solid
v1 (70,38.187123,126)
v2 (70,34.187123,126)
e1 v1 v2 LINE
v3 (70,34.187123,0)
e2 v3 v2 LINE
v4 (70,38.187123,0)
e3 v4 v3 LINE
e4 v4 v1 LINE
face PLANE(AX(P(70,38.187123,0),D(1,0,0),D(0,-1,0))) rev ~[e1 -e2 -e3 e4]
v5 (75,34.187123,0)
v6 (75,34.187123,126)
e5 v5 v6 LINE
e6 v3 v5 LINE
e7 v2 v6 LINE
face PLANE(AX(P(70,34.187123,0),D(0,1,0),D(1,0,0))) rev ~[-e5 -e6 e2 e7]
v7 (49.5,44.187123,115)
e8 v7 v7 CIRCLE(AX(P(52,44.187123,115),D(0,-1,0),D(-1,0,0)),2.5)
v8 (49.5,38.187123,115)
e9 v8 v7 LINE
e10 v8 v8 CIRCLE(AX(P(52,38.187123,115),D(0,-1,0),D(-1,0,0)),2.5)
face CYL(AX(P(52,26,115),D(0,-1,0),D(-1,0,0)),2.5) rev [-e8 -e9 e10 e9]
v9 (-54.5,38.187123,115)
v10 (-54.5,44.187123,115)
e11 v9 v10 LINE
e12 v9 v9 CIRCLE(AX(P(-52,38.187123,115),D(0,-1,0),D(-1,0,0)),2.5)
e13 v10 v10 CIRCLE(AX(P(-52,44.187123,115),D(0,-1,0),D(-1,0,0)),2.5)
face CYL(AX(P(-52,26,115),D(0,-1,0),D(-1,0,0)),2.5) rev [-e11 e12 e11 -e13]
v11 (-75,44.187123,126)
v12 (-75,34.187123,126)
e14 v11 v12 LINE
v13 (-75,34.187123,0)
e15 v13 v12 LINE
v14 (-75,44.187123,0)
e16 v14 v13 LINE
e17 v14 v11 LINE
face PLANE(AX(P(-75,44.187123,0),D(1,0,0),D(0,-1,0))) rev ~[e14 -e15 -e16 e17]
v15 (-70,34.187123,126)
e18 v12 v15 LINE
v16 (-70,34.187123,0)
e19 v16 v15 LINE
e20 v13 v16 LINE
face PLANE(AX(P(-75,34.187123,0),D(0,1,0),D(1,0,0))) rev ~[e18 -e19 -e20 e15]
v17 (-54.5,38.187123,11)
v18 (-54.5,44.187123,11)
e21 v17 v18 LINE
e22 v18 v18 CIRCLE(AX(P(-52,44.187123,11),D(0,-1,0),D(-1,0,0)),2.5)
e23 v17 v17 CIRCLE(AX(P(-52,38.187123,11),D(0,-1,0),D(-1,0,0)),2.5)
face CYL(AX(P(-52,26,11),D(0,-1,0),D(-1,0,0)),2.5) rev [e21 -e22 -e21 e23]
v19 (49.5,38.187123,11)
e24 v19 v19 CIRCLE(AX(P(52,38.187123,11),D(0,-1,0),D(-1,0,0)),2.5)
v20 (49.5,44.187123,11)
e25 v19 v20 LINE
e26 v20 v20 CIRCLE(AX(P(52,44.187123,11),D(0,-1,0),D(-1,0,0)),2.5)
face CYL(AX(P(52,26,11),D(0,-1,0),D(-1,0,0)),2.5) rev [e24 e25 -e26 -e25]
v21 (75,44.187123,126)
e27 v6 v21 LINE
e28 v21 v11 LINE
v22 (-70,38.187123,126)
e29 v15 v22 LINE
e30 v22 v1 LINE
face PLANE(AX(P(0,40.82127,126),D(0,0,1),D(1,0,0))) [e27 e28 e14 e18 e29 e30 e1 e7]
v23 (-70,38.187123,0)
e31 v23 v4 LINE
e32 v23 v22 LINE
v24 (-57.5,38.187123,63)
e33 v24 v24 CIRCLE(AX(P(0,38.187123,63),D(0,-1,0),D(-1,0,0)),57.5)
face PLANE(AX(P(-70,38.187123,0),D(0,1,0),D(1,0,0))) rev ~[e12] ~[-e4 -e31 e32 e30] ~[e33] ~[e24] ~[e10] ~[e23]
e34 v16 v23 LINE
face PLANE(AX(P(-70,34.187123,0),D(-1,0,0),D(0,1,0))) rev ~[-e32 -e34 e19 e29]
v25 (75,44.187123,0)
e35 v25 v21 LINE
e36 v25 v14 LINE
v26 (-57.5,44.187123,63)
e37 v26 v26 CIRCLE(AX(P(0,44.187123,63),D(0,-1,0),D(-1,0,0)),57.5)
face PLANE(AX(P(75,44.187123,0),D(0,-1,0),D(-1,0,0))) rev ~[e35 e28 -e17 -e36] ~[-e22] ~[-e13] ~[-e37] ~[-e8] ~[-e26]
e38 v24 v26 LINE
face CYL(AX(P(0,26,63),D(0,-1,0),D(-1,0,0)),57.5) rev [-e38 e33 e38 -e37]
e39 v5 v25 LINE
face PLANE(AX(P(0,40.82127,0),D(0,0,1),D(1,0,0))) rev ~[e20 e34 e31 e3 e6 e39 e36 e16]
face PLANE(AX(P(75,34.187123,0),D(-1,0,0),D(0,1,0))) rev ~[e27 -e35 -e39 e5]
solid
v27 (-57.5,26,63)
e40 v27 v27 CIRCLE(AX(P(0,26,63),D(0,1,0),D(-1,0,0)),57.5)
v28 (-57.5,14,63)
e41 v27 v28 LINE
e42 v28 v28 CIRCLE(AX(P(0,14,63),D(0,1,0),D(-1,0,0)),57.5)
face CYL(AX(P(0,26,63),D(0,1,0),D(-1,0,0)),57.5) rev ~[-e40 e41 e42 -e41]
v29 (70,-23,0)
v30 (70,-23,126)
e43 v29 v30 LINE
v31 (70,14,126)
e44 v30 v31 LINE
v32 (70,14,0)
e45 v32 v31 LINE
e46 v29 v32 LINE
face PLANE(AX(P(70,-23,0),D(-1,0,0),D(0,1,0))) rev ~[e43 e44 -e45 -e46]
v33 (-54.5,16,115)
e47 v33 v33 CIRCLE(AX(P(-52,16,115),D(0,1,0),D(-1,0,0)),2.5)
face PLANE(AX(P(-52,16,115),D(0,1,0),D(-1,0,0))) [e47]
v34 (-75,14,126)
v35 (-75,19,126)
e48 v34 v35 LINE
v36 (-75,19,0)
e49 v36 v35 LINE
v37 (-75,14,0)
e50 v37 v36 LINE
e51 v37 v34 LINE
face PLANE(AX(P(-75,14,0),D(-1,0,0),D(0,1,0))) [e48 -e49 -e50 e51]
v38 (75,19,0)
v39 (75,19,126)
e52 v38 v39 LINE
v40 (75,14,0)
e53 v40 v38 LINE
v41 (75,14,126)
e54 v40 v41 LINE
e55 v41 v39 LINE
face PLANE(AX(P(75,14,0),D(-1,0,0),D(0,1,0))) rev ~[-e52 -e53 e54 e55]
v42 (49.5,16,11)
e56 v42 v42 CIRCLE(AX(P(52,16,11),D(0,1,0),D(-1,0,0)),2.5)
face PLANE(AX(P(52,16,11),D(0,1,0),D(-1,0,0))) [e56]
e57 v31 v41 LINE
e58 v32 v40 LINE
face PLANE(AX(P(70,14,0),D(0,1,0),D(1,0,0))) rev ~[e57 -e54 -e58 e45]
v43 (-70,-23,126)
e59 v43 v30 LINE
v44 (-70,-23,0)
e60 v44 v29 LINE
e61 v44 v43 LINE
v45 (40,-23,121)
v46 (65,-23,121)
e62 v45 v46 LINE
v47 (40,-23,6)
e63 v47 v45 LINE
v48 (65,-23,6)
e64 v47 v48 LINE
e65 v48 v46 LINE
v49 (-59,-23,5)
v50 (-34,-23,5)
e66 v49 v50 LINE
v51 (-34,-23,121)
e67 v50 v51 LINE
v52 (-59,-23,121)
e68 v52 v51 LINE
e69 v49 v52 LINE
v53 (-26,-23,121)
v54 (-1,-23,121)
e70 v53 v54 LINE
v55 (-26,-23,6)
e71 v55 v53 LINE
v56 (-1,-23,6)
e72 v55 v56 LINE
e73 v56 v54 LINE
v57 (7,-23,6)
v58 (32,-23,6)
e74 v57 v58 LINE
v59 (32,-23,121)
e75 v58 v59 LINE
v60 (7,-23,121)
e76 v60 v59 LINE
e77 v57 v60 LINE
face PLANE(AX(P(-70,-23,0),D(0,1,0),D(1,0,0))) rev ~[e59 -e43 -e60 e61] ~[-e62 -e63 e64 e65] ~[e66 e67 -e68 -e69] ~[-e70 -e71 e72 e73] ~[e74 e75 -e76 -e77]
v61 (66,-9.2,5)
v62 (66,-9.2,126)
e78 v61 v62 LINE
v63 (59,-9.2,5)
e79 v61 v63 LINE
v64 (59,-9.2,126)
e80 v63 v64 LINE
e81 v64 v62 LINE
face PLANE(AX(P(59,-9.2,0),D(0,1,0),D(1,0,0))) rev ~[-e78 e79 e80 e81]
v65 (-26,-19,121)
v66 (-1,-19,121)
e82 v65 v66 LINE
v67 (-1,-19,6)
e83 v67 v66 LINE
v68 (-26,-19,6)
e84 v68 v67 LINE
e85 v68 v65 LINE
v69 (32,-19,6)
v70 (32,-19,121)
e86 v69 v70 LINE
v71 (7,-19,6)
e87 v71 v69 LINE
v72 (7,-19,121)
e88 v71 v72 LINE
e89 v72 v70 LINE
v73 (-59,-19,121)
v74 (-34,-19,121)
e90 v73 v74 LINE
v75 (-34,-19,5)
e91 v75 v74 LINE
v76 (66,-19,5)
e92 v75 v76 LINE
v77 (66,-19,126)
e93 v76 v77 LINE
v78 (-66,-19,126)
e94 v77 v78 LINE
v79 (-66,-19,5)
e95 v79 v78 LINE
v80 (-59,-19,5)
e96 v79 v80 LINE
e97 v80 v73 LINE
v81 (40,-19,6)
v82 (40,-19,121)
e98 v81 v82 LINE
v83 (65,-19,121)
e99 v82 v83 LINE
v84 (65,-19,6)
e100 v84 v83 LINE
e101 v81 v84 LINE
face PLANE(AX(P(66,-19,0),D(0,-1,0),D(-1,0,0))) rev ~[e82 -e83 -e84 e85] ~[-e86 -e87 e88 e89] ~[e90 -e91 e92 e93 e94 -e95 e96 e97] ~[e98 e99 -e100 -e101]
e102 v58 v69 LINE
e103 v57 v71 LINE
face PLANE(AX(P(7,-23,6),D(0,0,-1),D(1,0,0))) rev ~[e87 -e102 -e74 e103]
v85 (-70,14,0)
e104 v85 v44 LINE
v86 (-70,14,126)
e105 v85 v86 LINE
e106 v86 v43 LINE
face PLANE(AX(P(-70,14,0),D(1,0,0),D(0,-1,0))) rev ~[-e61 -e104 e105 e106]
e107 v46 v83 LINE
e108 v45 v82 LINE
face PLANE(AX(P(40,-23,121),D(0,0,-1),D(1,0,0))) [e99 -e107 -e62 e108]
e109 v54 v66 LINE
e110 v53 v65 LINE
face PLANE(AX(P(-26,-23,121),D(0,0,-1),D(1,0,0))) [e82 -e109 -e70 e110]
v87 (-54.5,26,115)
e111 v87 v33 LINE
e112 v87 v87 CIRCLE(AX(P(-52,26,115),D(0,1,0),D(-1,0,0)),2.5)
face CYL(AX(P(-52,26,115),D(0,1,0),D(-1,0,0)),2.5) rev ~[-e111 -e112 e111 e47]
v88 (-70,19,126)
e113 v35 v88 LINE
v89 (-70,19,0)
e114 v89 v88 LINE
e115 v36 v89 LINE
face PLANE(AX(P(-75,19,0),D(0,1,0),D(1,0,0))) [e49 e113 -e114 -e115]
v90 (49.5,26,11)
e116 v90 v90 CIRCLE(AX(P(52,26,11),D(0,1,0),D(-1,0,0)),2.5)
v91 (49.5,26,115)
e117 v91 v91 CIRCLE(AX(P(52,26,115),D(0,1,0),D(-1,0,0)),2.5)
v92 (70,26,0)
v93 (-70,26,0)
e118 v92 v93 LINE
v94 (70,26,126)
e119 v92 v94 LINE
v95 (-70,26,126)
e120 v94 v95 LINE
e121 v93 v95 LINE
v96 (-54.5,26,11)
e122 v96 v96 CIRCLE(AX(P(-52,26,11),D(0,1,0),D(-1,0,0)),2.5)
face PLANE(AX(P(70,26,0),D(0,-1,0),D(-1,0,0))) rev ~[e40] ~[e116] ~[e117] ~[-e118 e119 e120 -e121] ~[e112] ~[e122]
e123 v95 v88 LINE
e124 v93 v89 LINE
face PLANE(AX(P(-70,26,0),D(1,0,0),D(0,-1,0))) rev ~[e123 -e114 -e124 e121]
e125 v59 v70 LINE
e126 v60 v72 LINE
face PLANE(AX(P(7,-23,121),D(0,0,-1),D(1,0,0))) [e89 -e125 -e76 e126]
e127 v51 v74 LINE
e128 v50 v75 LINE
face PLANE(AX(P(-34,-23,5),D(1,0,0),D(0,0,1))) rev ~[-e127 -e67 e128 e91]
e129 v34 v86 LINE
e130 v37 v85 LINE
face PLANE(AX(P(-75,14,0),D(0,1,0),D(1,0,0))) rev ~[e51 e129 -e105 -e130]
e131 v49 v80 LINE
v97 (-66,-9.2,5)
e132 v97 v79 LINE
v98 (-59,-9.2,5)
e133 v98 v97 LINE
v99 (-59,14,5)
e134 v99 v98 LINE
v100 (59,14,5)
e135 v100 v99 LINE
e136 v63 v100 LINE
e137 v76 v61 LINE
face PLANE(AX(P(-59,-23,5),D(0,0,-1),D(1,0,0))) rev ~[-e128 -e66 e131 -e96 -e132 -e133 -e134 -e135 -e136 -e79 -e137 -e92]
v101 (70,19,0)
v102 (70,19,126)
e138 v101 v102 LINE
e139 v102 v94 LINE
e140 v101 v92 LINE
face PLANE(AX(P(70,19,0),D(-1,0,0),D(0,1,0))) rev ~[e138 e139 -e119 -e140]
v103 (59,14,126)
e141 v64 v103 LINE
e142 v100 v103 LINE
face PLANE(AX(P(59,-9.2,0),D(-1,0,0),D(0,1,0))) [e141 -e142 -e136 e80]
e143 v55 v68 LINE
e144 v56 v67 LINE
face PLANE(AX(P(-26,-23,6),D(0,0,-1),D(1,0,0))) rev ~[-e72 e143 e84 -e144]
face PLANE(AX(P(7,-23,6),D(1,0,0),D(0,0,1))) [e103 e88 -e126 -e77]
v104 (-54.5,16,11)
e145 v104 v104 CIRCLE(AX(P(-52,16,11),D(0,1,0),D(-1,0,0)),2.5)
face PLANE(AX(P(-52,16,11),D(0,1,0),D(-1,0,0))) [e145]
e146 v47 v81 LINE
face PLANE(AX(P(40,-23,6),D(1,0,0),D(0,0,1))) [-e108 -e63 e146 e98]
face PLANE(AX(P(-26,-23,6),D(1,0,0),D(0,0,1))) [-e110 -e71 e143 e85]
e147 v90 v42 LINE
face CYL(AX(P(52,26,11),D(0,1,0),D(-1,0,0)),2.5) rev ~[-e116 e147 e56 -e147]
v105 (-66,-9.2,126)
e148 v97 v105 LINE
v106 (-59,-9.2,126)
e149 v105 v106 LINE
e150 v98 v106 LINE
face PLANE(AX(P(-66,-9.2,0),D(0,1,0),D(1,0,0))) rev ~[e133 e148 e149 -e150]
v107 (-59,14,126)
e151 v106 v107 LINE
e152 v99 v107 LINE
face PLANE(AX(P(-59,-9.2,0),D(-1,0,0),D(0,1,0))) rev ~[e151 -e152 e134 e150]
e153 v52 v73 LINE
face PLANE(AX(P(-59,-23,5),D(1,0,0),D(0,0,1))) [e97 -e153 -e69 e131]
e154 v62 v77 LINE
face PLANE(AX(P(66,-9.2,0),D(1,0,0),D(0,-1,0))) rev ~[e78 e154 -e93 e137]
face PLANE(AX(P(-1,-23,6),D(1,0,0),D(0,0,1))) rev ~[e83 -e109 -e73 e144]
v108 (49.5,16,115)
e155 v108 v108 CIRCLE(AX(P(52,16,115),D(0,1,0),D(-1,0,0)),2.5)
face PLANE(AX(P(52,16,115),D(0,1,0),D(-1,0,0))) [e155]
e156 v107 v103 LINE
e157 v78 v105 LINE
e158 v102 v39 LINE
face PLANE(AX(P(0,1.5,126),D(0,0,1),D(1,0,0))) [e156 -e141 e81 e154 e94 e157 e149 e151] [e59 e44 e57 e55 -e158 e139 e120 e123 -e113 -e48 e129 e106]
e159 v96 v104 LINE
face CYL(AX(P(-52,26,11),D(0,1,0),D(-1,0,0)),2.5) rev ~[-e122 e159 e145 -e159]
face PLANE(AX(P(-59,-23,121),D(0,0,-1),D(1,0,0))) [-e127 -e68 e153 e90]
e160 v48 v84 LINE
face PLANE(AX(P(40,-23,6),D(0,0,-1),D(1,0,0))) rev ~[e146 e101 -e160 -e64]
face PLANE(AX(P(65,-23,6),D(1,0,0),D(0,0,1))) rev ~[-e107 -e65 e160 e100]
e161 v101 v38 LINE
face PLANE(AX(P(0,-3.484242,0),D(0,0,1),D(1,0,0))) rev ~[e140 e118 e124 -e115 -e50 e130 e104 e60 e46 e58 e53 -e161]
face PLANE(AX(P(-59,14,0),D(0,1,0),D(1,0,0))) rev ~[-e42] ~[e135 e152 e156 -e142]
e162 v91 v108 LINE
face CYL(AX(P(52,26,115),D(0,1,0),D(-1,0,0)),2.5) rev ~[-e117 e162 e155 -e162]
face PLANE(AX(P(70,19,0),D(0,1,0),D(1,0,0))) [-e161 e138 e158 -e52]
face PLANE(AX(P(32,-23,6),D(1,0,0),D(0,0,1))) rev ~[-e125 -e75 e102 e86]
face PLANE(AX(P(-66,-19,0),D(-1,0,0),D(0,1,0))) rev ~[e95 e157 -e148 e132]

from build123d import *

# Parameters (mm, degrees)
F0_W          = 7
F0_H          = 23.2
F0_W_2        = 5
F0_H_2        = 5
F1_DEPTH      = 126
F2_W          = 25
F2_H          = 116
F2_H_2        = 115
F3_DEPTH      = 6
F4_R          = 57.5
F5_DEPTH      = 35
F5_DEPTH_BACK = 25
F6_DEPTH      = 5
F7_R          = 2.5
F8_DEPTH      = 10
F8_DEPTH_BACK = 25


with BuildPart() as f1:
    # F0 (on Top) → F1 (new body)
    with BuildSketch(Plane.XY):
        Polygon((70, 26), (-70, 26), (-70, 19), (-70, 14), (-70, -23), (70, -23), (70, 14), (70, 19), align=None)
        Polygon((-66, -9.2), (-66, 14), (-59, 14), (59, 14), (66, 14), (66, -9.2), (66, -19), (-66, -19), align=None, mode=Mode.SUBTRACT)
        with Locations((-62.5, 2.4)):
            Rectangle(F0_W, F0_H)
        with Locations((62.5, 2.4)):
            Rectangle(F0_W, F0_H)
        with Locations((-72.5, 16.5)):
            Rectangle(F0_W_2, F0_H_2)
        with Locations((72.5, 16.5)):
            Rectangle(F0_W_2, F0_H_2)
    extrude(amount=F1_DEPTH)

    # F2 (on face) → F3 (cut)
    with BuildSketch(Plane.XZ.offset(23)):
        with Locations((-46.5, 63)):
            Rectangle(F2_W, F2_H)
        with Locations((-13.5, 63.5)):
            Rectangle(F2_W, F2_H_2)
        with Locations((19.5, 63.5)):
            Rectangle(F2_W, F2_H_2)
        with Locations((52.5, 63.5)):
            Rectangle(F2_W, F2_H_2)
    extrude(amount=-F3_DEPTH, mode=Mode.SUBTRACT)


with BuildPart() as f1b:
    # F0 (on Top) → F1, piece 2 (new body)
    with BuildSketch(Plane.XY):
        Polygon((70, 34.1871231794), (75, 34.1871231794), (75, 44.1871231794), (-75, 44.1871231794), (-75, 34.1871231794), (-70, 34.1871231794), (-70, 38.1871231794), (70, 38.1871231794), align=None)
    extrude(amount=F1_DEPTH)


with BuildPart() as f5_tool:
    # F4 (on face) → F5 (new body, two sides)
    with BuildSketch(Plane(origin=(0, 26, 0), x_dir=(-1, 0, 0), z_dir=(0, 1, 0))) as f5_sk:
        with Locations((0, 63)):
            Circle(F4_R)
    extrude(amount=-F5_DEPTH)
    extrude(f5_sk.sketch, amount=F5_DEPTH_BACK)


with BuildPart() as f1_1:
    add(f1.part)

    # F5: cut by f5_tool
    add(f5_tool.part, mode=Mode.SUBTRACT)

    # F0 (on Top) → F6 (join)
    with BuildSketch(Plane.XY):
        Polygon((59, 14), (-59, 14), (-59, -9.2), (-66, -9.2), (-66, -19), (66, -19), (66, -9.2), (59, -9.2), align=None)
    extrude(amount=F6_DEPTH)


with BuildPart() as f1b_1:
    add(f1b.part)

    # F5: cut by f5_tool
    add(f5_tool.part, mode=Mode.SUBTRACT)


with BuildPart() as f8_tool:
    # F7 (on face) → F8 (new body, two sides)
    with BuildSketch(Plane(origin=(0, 26, 0), x_dir=(-1, 0, 0), z_dir=(0, 1, 0))) as f8_sk:
        with Locations((-52, 11)):
            Circle(F7_R)
        with Locations((52, 11)):
            Circle(F7_R)
        with Locations((52, 115)):
            Circle(F7_R)
        with Locations((-52, 115)):
            Circle(F7_R)
    extrude(amount=-F8_DEPTH)
    extrude(f8_sk.sketch, amount=F8_DEPTH_BACK)


with BuildPart() as f1_2:
    add(f1_1.part)

    # F8: cut by f8_tool
    add(f8_tool.part, mode=Mode.SUBTRACT)


with BuildPart() as f1b_2:
    add(f1b_1.part)

    # F8: cut by f8_tool
    add(f8_tool.part, mode=Mode.SUBTRACT)


solid = Compound([f1_2.part, f1b_2.part])
